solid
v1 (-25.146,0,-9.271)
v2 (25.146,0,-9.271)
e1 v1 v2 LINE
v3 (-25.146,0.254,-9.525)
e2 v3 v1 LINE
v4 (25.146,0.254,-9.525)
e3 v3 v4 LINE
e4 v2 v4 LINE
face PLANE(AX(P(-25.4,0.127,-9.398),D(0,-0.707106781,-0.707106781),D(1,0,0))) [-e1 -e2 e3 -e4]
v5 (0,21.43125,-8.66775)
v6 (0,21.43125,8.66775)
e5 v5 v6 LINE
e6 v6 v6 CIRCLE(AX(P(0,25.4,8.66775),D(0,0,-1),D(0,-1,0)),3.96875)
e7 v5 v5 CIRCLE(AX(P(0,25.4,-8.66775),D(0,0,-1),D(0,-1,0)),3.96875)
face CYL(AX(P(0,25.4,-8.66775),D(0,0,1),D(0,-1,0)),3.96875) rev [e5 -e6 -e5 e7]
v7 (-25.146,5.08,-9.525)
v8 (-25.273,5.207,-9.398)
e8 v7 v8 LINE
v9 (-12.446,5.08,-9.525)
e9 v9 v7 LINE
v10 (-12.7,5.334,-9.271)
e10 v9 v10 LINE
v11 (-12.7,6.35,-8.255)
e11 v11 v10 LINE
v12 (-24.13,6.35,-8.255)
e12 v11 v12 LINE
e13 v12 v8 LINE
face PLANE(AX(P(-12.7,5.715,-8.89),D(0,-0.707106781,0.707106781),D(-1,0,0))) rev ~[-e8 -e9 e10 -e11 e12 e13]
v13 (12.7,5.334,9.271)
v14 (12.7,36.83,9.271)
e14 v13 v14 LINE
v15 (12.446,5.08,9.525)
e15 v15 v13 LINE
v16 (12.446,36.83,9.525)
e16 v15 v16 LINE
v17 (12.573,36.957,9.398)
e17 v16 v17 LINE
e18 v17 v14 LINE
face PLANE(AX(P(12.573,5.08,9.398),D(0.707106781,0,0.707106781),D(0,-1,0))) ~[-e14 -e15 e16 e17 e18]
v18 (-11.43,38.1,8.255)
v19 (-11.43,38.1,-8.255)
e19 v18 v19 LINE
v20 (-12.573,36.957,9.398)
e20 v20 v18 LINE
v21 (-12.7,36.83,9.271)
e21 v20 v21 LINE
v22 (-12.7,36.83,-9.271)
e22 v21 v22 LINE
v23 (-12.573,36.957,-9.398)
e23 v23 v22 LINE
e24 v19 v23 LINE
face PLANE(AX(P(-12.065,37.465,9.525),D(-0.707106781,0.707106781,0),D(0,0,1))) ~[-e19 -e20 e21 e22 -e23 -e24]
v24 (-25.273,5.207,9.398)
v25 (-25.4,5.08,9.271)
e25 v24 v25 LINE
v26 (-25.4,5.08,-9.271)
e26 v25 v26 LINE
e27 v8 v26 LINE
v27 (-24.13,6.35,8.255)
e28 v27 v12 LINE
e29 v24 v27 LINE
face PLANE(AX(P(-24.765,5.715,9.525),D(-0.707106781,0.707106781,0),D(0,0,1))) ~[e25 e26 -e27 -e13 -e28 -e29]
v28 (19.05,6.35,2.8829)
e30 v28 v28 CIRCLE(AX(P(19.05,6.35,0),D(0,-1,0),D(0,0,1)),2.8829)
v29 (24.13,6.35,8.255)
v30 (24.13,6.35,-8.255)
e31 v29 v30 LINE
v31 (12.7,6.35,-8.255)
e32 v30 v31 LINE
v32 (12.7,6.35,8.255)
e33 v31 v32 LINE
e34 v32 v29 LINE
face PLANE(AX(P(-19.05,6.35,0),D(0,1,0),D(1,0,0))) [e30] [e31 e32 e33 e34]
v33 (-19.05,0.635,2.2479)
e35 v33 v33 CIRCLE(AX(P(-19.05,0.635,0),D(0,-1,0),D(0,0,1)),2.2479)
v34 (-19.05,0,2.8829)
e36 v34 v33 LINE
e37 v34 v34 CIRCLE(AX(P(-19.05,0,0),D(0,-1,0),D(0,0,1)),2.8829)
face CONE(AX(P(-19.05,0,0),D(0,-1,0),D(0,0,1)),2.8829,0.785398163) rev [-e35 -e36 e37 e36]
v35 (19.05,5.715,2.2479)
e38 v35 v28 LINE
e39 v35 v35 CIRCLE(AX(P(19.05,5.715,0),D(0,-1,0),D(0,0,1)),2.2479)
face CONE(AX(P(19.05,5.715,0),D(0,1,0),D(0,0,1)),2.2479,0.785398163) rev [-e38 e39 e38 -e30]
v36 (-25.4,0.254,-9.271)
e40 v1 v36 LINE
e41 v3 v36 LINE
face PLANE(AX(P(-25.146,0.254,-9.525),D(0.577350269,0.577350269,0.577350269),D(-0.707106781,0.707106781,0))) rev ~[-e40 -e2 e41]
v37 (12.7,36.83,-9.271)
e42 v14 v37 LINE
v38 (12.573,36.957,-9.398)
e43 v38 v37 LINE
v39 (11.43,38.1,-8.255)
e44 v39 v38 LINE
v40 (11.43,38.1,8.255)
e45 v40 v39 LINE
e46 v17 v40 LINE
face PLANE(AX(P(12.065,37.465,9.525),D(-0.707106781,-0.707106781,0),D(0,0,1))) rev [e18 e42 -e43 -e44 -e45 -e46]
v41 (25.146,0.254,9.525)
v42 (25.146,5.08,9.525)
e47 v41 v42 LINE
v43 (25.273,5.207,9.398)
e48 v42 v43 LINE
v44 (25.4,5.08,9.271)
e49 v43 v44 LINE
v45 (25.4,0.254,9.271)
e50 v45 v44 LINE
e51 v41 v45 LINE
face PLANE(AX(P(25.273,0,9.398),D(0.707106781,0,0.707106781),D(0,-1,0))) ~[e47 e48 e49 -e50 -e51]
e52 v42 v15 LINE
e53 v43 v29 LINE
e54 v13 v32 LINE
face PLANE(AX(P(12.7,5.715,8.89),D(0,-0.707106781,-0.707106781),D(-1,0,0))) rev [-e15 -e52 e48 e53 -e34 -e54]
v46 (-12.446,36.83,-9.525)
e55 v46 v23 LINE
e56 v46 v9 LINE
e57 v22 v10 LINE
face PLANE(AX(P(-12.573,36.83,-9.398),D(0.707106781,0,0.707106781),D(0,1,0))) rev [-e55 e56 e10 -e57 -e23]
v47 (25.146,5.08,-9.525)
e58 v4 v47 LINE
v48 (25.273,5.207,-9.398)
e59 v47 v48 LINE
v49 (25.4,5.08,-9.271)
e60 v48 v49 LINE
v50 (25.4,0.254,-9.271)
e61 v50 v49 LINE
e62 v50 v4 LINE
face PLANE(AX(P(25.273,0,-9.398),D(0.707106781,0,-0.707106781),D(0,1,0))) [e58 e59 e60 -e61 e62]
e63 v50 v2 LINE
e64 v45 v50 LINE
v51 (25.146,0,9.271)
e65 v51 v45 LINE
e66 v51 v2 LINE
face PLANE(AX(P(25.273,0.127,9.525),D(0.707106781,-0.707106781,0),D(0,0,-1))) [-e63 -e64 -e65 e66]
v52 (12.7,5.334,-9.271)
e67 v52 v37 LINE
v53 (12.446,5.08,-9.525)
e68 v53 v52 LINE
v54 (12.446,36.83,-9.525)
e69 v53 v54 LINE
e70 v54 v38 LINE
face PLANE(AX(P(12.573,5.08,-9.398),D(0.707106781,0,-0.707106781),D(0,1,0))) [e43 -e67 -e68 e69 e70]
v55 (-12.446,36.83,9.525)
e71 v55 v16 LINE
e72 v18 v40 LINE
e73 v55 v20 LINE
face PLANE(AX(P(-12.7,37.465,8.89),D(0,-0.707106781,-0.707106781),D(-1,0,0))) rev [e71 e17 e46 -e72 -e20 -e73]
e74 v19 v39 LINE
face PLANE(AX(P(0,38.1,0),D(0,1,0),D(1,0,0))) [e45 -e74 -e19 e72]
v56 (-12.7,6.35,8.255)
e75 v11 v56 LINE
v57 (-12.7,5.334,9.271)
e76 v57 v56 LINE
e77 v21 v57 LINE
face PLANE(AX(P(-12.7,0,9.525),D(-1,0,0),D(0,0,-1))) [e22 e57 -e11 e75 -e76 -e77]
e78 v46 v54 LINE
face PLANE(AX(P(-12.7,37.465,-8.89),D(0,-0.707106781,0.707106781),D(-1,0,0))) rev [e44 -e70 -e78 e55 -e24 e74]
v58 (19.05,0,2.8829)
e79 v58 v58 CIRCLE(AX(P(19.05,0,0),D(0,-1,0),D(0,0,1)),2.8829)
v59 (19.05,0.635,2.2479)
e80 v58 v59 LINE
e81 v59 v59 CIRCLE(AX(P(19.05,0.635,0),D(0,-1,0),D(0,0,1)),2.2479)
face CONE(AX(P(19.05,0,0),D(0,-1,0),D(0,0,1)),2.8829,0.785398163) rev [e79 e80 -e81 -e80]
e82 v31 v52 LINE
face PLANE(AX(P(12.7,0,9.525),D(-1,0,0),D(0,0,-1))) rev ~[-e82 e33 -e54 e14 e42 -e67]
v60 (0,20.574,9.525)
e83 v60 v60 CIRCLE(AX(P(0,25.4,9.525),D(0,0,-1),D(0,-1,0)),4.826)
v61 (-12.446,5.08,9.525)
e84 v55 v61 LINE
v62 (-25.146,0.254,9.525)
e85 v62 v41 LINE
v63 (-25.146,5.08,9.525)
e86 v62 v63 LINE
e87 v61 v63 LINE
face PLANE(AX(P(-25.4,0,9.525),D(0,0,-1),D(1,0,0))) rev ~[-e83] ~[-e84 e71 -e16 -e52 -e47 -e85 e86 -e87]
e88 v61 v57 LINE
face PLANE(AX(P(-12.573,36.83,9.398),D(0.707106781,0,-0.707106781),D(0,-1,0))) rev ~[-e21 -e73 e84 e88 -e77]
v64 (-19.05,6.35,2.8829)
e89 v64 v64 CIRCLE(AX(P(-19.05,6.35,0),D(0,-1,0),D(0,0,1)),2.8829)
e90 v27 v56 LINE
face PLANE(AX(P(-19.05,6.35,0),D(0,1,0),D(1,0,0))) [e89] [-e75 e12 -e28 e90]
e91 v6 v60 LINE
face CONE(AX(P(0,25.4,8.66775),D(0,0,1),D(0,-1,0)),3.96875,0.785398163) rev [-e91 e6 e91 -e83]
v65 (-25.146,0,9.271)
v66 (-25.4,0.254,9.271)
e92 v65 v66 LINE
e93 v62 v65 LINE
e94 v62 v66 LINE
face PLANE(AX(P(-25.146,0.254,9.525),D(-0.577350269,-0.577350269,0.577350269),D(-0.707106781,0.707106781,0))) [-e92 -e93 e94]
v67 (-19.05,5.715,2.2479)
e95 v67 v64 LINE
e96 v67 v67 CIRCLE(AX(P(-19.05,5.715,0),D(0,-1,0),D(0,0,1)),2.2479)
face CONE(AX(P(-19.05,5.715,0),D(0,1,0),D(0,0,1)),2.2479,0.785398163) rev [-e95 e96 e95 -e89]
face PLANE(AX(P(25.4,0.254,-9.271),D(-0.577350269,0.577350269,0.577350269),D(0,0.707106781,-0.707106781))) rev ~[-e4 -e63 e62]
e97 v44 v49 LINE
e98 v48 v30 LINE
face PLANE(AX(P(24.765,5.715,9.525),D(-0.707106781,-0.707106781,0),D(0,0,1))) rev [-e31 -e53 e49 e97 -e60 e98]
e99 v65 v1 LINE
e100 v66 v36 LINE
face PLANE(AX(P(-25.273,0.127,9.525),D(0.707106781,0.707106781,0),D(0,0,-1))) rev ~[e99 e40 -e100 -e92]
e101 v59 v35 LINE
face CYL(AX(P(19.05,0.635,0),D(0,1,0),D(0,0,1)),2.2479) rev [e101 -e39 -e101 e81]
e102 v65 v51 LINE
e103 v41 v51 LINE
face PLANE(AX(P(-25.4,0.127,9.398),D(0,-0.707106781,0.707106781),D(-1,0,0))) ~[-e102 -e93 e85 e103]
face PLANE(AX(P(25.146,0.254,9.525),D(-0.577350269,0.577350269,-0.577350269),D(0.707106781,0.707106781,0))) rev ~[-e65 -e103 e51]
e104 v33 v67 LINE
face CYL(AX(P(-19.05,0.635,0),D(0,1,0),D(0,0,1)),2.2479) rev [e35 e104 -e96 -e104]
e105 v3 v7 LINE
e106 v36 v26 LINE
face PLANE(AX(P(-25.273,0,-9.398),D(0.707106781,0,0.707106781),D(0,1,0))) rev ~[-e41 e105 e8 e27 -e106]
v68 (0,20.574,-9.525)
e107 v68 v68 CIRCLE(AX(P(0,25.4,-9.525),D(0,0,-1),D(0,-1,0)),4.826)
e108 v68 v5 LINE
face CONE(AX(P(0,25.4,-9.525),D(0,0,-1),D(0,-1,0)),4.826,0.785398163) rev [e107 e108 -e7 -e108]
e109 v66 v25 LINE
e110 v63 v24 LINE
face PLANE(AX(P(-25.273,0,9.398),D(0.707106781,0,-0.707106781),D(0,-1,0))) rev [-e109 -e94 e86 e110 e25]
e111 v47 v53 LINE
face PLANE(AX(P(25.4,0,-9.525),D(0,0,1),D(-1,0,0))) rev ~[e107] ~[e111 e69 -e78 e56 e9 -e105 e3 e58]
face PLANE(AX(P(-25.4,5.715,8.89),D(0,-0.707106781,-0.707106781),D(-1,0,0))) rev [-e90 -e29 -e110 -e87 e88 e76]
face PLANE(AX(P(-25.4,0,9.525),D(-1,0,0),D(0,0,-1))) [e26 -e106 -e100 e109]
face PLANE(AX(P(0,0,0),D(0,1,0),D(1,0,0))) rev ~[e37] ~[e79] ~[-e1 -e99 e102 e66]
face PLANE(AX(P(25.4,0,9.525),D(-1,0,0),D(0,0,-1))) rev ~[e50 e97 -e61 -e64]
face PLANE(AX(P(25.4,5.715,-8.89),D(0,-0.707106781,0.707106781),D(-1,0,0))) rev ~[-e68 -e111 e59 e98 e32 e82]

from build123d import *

# Parameters (mm, degrees)
SKETCH1_W                      = 50.8
SKETCH1_H                      = 19.05
BOSS_EXTRUDE1_DEPTH            = 6.35
SKETCH1_3_W                    = 25.4
SKETCH1_3_H                    = 19.05
BOSS_EXTRUDE2_DEPTH            = 38.1
F_8_CLEARANCE_HOLE1_AT_2_COUNT = 2
F_8_CLEARANCE_HOLE1_AT_2_PITCH = 38.1
CHAMFER1_SIZE                  = 1.27
CHAMFER2_SIZE                  = 0.254


with BuildPart() as part:
    # Sketch1 → Boss-Extrude1 (new body)
    with BuildSketch(Plane(origin=(0, 0, 0), x_dir=(1, 0, 0), z_dir=(0, 1, 0))):
        Rectangle(SKETCH1_W, SKETCH1_H)
    extrude(amount=BOSS_EXTRUDE1_DEPTH)

    # Sketch1<3> → Boss-Extrude2 (add)
    with BuildSketch(Plane(origin=(0, 0, 0), x_dir=(1, 0, 0), z_dir=(0, 1, 0))):
        Rectangle(SKETCH1_3_W, SKETCH1_3_H)
    extrude(amount=BOSS_EXTRUDE2_DEPTH)

    # Sketch4 → 3/8-16 Tapped Hole1 (revolve, cut)
    with BuildSketch(Plane(origin=(0, 25.4, 9.525), x_dir=(0, -1, 0), z_dir=(1, 0, 0))):
        Polygon((0, 0), (0, 19.05), (4.826, 19.05), (3.96875, 18.19275), (3.96875, 0.85725), (4.826, 0), align=None)
    revolve(axis=Axis((0, 25.4, 15.875), (0, 0, -1)), mode=Mode.SUBTRACT)

    # Sketch8 → #8 Clearance Hole1 (revolve, cut)
    with BuildSketch(Plane(origin=(-19.05, 6.35, 0), x_dir=(0, 0, 1), z_dir=(1, 0, 0))):
        Polygon((0, 0), (0, 6.35), (2.8829, 6.35), (2.2479, 5.715), (2.2479, 0.635), (2.8829, 0), align=None)
    f_8_clearance_hole1 = revolve(axis=Axis((-19.05, 12.7, 0), (0, -1, 0)), mode=Mode.SUBTRACT)

    # #8 Clearance Hole1 at 2: #8 Clearance Hole1 ×2
    with Locations(*[(i * F_8_CLEARANCE_HOLE1_AT_2_PITCH, 0, 0) for i in range(1, F_8_CLEARANCE_HOLE1_AT_2_COUNT)]):
        add(f_8_clearance_hole1, mode=Mode.SUBTRACT)

    # Chamfer1
    chamfer1_edges = [part.edges().sort_by_distance(p)[0] for p in [
        (-12.7, 38.1, 0),
        (0, 38.1, -9.525),
        (12.7, 38.1, 0),
        (0, 38.1, 9.525),
        (19.05, 6.35, -9.525),
        (25.4, 6.35, 0),
        (19.05, 6.35, 9.525),
        (-19.05, 6.35, -9.525),
        (-19.05, 6.35, 9.525),
        (-25.4, 6.35, 0),
    ]]
    chamfer(chamfer1_edges, length=CHAMFER1_SIZE)

    # Chamfer2
    chamfer2_edges = [part.edges().sort_by_distance(p)[0] for p in [
        (25.4, 2.54, -9.525),
        (25.4, 2.54, 9.525),
        (-25.4, 2.54, -9.525),
        (-25.4, 2.54, 9.525),
        (-25.4, 0, 0),
        (0, 0, -9.525),
        (25.4, 0, 0),
        (0, 0, 9.525),
        (12.7, 20.955, -9.525),
        (12.7, 20.955, 9.525),
        (-12.7, 20.955, 9.525),
        (-12.7, 20.955, -9.525),
    ]]
    chamfer(chamfer2_edges, length=CHAMFER2_SIZE)


solid = part.part
